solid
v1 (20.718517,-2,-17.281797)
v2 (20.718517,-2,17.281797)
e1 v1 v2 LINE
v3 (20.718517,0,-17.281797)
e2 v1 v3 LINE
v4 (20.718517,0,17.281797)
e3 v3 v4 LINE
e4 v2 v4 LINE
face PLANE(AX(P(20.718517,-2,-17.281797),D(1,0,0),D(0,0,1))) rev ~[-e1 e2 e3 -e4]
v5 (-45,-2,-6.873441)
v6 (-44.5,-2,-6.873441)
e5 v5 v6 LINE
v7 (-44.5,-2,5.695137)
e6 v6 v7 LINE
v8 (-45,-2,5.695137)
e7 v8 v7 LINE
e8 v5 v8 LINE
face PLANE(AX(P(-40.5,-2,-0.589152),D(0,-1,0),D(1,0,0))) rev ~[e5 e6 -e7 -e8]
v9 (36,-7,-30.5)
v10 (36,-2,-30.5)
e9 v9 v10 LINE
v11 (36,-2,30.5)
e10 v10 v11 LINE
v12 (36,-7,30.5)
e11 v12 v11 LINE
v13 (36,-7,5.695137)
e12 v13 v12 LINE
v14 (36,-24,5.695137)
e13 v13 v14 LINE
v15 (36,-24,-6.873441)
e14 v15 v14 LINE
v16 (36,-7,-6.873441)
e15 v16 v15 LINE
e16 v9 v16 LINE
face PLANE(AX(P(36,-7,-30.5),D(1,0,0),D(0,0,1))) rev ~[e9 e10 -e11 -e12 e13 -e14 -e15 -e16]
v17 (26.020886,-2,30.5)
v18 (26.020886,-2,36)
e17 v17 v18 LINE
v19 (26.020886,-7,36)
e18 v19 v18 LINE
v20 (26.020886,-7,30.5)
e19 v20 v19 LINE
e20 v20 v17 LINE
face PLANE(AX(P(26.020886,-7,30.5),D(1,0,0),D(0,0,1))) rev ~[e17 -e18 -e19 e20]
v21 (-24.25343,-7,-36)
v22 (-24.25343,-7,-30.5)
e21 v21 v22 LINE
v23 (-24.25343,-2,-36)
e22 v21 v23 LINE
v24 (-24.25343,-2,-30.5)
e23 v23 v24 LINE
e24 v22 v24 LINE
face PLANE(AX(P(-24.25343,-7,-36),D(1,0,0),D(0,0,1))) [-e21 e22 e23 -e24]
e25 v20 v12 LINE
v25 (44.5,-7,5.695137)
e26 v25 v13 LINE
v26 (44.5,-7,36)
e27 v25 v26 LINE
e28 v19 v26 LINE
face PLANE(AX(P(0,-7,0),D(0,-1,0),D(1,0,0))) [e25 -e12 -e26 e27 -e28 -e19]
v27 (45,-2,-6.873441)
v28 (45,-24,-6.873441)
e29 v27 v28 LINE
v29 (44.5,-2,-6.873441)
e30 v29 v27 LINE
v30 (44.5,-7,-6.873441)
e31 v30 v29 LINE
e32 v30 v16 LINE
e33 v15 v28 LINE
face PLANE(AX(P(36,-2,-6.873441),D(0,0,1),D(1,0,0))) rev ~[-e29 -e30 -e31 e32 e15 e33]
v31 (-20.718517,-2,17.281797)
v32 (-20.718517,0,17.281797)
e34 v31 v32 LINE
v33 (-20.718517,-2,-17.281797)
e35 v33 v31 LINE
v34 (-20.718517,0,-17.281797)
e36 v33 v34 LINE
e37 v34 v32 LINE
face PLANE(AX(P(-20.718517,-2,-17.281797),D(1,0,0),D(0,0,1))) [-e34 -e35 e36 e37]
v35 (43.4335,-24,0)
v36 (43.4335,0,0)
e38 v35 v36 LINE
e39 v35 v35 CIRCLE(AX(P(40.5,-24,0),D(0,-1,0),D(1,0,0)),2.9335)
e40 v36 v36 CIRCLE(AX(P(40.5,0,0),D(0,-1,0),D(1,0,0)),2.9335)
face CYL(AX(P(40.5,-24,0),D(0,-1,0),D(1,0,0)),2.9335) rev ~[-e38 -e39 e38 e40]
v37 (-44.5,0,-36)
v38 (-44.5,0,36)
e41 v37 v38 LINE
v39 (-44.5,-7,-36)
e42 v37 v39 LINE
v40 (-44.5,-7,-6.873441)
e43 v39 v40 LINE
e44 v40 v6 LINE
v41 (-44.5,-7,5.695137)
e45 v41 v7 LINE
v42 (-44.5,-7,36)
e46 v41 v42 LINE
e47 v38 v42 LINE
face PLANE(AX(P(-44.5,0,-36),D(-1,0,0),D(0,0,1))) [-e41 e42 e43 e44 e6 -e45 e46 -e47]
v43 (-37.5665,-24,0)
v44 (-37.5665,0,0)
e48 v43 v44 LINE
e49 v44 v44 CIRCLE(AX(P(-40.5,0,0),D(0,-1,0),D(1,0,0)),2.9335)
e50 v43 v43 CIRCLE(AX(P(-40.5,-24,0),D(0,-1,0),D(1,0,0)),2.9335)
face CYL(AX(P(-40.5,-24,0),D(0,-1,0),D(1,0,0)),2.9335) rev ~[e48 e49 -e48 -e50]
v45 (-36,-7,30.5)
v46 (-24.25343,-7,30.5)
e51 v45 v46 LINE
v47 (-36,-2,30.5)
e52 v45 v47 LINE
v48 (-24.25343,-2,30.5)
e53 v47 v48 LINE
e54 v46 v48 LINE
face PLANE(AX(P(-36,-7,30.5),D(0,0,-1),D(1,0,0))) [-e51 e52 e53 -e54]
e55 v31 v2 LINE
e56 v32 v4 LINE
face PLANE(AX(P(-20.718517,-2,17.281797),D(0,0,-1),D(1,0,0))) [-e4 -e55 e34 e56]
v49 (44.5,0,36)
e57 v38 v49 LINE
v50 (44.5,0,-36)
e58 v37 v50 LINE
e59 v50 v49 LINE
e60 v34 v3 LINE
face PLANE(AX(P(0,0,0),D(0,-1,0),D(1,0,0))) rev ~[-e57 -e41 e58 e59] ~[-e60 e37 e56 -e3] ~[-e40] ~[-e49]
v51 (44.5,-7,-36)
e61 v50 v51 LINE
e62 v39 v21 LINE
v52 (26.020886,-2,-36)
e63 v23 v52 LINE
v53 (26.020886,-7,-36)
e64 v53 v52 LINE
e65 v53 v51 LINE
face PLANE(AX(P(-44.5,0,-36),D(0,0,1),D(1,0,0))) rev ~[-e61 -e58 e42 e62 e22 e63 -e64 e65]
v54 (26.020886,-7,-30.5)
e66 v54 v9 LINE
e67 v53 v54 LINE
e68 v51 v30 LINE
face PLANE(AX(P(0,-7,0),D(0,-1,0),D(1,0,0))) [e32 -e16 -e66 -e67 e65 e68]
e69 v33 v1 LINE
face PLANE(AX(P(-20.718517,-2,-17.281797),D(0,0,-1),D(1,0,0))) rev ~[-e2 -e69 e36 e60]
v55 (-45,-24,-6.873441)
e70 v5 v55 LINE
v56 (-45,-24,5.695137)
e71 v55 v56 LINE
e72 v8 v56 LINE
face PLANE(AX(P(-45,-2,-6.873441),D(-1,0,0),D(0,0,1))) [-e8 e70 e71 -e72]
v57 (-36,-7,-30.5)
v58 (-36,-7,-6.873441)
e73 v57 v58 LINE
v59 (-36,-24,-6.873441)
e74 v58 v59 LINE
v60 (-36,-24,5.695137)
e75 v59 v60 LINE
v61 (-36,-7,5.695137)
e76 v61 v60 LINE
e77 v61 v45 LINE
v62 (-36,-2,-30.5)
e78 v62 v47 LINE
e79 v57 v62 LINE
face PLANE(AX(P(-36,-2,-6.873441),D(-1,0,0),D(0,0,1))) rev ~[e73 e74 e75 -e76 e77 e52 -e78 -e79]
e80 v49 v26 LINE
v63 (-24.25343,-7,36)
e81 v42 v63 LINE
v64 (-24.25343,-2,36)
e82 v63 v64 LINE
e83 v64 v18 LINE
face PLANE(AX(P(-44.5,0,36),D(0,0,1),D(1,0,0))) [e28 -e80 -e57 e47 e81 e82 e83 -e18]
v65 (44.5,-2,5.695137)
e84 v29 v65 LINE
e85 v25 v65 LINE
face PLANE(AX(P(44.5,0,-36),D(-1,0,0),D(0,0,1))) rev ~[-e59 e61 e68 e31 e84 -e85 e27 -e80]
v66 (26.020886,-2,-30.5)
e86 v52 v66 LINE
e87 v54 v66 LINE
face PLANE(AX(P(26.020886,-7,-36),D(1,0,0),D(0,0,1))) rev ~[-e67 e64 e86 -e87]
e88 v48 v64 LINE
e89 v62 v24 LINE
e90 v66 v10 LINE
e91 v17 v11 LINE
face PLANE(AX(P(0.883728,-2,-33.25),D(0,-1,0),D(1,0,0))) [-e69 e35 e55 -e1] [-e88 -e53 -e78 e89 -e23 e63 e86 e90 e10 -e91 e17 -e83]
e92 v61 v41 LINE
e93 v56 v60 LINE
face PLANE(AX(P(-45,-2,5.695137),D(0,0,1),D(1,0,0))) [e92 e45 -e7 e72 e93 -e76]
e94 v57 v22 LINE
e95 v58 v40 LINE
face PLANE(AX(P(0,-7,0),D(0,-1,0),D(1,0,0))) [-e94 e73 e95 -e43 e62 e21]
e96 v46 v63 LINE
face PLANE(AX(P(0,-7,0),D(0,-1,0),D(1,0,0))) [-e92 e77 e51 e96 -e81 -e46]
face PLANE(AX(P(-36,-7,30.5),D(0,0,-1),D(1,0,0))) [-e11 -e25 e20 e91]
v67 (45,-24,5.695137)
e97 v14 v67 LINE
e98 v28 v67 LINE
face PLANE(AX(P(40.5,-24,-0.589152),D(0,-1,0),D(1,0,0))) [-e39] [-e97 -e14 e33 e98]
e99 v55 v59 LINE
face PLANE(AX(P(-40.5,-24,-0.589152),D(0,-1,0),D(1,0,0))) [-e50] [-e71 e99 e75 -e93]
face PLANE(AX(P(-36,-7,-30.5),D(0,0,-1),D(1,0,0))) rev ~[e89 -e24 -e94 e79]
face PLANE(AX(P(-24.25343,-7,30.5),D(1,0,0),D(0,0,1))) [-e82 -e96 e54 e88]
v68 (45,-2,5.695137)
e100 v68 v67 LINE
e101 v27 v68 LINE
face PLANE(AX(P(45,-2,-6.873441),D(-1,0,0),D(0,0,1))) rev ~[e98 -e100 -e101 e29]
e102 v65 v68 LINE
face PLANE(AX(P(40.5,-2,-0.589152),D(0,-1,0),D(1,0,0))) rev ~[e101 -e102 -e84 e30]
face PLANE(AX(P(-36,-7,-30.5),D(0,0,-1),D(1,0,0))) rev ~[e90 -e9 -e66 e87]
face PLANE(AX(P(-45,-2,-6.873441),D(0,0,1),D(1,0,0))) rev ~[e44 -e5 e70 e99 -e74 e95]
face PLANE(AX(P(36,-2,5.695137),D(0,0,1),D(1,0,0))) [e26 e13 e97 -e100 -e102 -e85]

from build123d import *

# Parameters (mm, degrees)
F0_W      = 89
F0_H      = 72
F1_DEPTH  = 7
F2_W      = 72
F2_H      = 61
F3_DEPTH  = 5
F4_W      = 41.437034
F4_H      = 34.563594
F5_DEPTH  = 25
F6_W      = 50.274316
F6_H      = 5.5
F7_DEPTH  = 5
F8_W      = 9
F8_H      = 12.568578
F9_DEPTH  = 22
F10_R     = 2.9335
F11_DEPTH = 25


with BuildPart() as f1:
    # F0 (on Front) → F1 (new body)
    with BuildSketch(Plane.XZ):
        Rectangle(F0_W, F0_H)
    extrude(amount=F1_DEPTH)

    # F2 (on face) → F3 (cut)
    with BuildSketch(Plane.XZ.offset(7)):
        Rectangle(F2_W, F2_H)
    extrude(amount=-F3_DEPTH, mode=Mode.SUBTRACT)

    # F4 (on face) → F5 (cut)
    with BuildSketch(Plane.XZ.offset(2)):
        Rectangle(F4_W, F4_H)
    extrude(amount=-F5_DEPTH, mode=Mode.SUBTRACT)

    # F6 (on face) → F7 (cut)
    with BuildSketch(Plane.XZ.offset(7)):
        with Locations((0.883728, -33.25)):
            Rectangle(F6_W, F6_H)
        with Locations((0.883728, 33.25)):
            Rectangle(F6_W, F6_H)
    extrude(amount=-F7_DEPTH, mode=Mode.SUBTRACT)

    # F8 (on face) → F9 (join)
    with BuildSketch(Plane.XZ.offset(2)):
        with Locations((-40.5, -0.589152)):
            Rectangle(F8_W, F8_H)
        with Locations((40.5, -0.589152)):
            Rectangle(F8_W, F8_H)
    extrude(amount=F9_DEPTH)

    # F10 (on face) → F11 (cut)
    with BuildSketch(Plane.XZ.offset(24)):
        with Locations((-40.5, 0)):
            Circle(F10_R)
        with Locations((40.5, 0)):
            Circle(F10_R)
    extrude(amount=-F11_DEPTH, mode=Mode.SUBTRACT)


solid = f1.part
